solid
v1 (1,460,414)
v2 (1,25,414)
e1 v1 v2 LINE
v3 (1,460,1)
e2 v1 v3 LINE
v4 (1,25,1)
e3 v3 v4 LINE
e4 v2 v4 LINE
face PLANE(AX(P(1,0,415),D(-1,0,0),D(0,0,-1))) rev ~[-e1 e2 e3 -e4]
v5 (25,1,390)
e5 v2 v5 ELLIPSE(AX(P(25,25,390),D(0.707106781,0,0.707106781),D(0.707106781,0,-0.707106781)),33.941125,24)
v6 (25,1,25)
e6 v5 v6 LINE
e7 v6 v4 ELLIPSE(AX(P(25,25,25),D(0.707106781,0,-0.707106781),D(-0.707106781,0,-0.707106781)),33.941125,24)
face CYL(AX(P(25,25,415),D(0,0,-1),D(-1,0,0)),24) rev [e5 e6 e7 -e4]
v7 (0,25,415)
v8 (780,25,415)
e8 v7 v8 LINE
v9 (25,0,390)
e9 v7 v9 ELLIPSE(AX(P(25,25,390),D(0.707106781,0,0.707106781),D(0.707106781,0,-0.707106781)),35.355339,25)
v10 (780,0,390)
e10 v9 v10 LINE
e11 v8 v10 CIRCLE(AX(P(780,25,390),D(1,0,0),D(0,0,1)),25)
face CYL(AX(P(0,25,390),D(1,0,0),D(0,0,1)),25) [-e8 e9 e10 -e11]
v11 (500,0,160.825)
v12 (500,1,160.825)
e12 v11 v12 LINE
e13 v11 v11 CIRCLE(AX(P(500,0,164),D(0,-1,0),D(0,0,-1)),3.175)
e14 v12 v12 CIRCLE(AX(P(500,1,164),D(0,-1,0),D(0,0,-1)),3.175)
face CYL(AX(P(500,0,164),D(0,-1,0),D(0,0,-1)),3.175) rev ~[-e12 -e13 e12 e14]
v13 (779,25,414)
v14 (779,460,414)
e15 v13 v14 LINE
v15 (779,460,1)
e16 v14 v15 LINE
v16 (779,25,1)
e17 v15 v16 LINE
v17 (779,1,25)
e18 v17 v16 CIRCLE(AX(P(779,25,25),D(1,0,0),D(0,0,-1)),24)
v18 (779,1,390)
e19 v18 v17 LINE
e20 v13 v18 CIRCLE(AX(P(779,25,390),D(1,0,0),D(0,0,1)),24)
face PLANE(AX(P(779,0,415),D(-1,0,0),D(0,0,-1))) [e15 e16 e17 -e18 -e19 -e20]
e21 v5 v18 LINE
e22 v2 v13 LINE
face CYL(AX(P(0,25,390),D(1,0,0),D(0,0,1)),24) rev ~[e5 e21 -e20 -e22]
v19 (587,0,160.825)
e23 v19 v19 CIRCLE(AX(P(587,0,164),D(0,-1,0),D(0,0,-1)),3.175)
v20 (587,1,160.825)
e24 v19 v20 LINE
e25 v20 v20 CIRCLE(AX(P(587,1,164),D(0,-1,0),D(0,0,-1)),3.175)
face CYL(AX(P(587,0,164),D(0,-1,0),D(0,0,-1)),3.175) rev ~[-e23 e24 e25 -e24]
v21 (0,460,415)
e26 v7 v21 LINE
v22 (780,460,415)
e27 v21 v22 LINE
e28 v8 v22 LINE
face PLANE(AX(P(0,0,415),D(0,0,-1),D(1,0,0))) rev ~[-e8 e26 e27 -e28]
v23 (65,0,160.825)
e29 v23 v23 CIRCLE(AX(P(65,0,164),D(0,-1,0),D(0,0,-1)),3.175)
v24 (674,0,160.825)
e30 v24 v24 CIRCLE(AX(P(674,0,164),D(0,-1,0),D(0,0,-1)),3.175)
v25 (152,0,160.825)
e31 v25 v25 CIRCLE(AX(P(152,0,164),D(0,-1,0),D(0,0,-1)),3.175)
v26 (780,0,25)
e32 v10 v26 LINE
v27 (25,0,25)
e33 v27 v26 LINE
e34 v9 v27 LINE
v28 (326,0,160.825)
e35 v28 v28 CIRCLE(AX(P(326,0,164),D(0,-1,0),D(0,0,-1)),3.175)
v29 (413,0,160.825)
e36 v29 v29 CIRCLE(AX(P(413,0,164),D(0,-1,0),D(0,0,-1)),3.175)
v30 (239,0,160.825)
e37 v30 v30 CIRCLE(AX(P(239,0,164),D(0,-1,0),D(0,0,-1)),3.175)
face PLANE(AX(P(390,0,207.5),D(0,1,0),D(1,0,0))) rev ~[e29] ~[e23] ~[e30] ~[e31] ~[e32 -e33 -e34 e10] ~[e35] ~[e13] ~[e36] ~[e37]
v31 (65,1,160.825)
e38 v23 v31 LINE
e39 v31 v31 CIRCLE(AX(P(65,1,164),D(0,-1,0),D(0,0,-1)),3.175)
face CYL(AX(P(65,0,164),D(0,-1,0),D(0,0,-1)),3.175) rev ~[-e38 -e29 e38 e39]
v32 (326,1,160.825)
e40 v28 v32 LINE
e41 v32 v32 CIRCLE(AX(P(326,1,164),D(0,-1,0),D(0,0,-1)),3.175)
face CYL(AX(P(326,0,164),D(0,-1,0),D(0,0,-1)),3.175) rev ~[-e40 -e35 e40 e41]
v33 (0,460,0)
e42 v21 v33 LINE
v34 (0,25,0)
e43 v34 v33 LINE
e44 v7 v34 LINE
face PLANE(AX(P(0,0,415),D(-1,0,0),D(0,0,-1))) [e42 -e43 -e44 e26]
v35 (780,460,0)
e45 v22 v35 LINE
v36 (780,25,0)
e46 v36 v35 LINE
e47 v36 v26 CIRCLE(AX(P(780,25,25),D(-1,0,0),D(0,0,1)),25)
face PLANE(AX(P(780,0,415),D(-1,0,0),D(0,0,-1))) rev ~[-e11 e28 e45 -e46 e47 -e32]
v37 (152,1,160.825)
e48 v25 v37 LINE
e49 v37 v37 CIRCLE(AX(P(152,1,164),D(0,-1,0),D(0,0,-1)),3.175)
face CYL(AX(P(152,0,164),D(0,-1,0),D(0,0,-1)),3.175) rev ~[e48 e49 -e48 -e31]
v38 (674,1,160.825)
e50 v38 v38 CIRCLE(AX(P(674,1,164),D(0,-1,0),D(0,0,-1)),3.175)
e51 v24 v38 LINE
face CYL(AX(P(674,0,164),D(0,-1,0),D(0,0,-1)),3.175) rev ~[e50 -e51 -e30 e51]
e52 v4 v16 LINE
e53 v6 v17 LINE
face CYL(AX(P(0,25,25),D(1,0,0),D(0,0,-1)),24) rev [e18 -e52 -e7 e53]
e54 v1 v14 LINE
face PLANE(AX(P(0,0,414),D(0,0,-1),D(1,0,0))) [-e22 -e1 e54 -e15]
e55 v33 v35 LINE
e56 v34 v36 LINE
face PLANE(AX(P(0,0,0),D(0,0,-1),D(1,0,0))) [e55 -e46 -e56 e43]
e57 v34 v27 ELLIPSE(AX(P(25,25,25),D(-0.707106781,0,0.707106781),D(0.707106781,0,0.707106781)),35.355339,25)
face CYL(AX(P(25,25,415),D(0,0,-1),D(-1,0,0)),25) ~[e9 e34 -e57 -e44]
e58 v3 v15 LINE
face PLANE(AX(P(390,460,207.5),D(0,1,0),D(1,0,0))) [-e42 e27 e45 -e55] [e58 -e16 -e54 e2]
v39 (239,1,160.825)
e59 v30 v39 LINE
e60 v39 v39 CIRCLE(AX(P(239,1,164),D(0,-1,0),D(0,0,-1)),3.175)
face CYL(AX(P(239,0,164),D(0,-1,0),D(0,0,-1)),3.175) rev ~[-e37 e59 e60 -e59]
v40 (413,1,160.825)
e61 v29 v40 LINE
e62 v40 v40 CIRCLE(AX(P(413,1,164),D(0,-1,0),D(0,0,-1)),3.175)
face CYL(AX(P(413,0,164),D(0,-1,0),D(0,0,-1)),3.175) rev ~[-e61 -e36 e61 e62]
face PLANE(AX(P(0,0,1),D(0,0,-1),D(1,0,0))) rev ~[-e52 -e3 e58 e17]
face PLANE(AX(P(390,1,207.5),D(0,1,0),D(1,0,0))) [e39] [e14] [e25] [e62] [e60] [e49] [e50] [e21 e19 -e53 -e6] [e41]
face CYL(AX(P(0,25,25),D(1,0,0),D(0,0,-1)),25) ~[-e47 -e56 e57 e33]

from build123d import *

# Parameters (mm, degrees)
SKETCH1_W           = 780
SKETCH1_H           = 415
BOSS_EXTRUDE1_DEPTH = 460
FILLET1_R           = 25
SHELL1_T            = -1
CUT_EXTRUDE2_REACH  = 998.105
SKETCH2_R           = 3.175


with BuildPart() as part:
    # Sketch1 → Boss-Extrude1 (new body)
    with BuildSketch(Plane(origin=(0, 0, 0), x_dir=(1, 0, 0), z_dir=(0, 1, 0))):
        with Locations((390, -207.5)):
            Rectangle(SKETCH1_W, SKETCH1_H)
    extrude(amount=BOSS_EXTRUDE1_DEPTH)

    # Fillet1
    fillet1_edges = [part.edges().sort_by_distance(p)[0] for p in [
        (390, 0, 0),
        (390, 0, 415),
        (0, 0, 207.5),
    ]]
    fillet(fillet1_edges, radius=FILLET1_R)

    # Shell1
    shell1_openings = [part.faces().sort_by_distance(p)[0] for p in [
        (390, 460, 207.5),
    ]]
    offset(amount=SHELL1_T, openings=shell1_openings)

    # Sketch2 → Cut-Extrude2 (cut, up to next)
    with BuildSketch(Plane.XZ, mode=Mode.PRIVATE) as cut_extrude2_sk1:
        with Locations(Location((65, 164, 0), (0, 0, 270))):
            Circle(SKETCH2_R)
    cut_extrude2_tool1 = extrude(cut_extrude2_sk1.sketch, amount=-CUT_EXTRUDE2_REACH, mode=Mode.PRIVATE) & part.part
    # Sketch2 → Cut-Extrude2 (cut, up to next)
    with BuildSketch(Plane.XZ, mode=Mode.PRIVATE) as cut_extrude2_sk2:
        with Locations(Location((152, 164, 0), (0, 0, 270))):
            Circle(SKETCH2_R)
    cut_extrude2_tool2 = extrude(cut_extrude2_sk2.sketch, amount=-CUT_EXTRUDE2_REACH, mode=Mode.PRIVATE) & part.part
    # Sketch2 → Cut-Extrude2 (cut, up to next)
    with BuildSketch(Plane.XZ, mode=Mode.PRIVATE) as cut_extrude2_sk3:
        with Locations(Location((239, 164, 0), (0, 0, 270))):
            Circle(SKETCH2_R)
    cut_extrude2_tool3 = extrude(cut_extrude2_sk3.sketch, amount=-CUT_EXTRUDE2_REACH, mode=Mode.PRIVATE) & part.part
    # Sketch2 → Cut-Extrude2 (cut, up to next)
    with BuildSketch(Plane.XZ, mode=Mode.PRIVATE) as cut_extrude2_sk4:
        with Locations(Location((326, 164, 0), (0, 0, 270))):
            Circle(SKETCH2_R)
    cut_extrude2_tool4 = extrude(cut_extrude2_sk4.sketch, amount=-CUT_EXTRUDE2_REACH, mode=Mode.PRIVATE) & part.part
    # Sketch2 → Cut-Extrude2 (cut, up to next)
    with BuildSketch(Plane.XZ, mode=Mode.PRIVATE) as cut_extrude2_sk5:
        with Locations(Location((413, 164, 0), (0, 0, 270))):
            Circle(SKETCH2_R)
    cut_extrude2_tool5 = extrude(cut_extrude2_sk5.sketch, amount=-CUT_EXTRUDE2_REACH, mode=Mode.PRIVATE) & part.part
    # Sketch2 → Cut-Extrude2 (cut, up to next)
    with BuildSketch(Plane.XZ, mode=Mode.PRIVATE) as cut_extrude2_sk6:
        with Locations(Location((500, 164, 0), (0, 0, 270))):
            Circle(SKETCH2_R)
    cut_extrude2_tool6 = extrude(cut_extrude2_sk6.sketch, amount=-CUT_EXTRUDE2_REACH, mode=Mode.PRIVATE) & part.part
    # Sketch2 → Cut-Extrude2 (cut, up to next)
    with BuildSketch(Plane.XZ, mode=Mode.PRIVATE) as cut_extrude2_sk7:
        with Locations(Location((587, 164, 0), (0, 0, 270))):
            Circle(SKETCH2_R)
    cut_extrude2_tool7 = extrude(cut_extrude2_sk7.sketch, amount=-CUT_EXTRUDE2_REACH, mode=Mode.PRIVATE) & part.part
    # Sketch2 → Cut-Extrude2 (cut, up to next)
    with BuildSketch(Plane.XZ, mode=Mode.PRIVATE) as cut_extrude2_sk8:
        with Locations(Location((674, 164, 0), (0, 0, 270))):
            Circle(SKETCH2_R)
    cut_extrude2_tool8 = extrude(cut_extrude2_sk8.sketch, amount=-CUT_EXTRUDE2_REACH, mode=Mode.PRIVATE) & part.part
    add(cut_extrude2_tool1.solids().sort_by_distance((65, 0, 164))[0], mode=Mode.SUBTRACT)
    add(cut_extrude2_tool2.solids().sort_by_distance((152, 0, 164))[0], mode=Mode.SUBTRACT)
    add(cut_extrude2_tool3.solids().sort_by_distance((239, 0, 164))[0], mode=Mode.SUBTRACT)
    add(cut_extrude2_tool4.solids().sort_by_distance((326, 0, 164))[0], mode=Mode.SUBTRACT)
    add(cut_extrude2_tool5.solids().sort_by_distance((413, 0, 164))[0], mode=Mode.SUBTRACT)
    add(cut_extrude2_tool6.solids().sort_by_distance((500, 0, 164))[0], mode=Mode.SUBTRACT)
    add(cut_extrude2_tool7.solids().sort_by_distance((587, 0, 164))[0], mode=Mode.SUBTRACT)
    add(cut_extrude2_tool8.solids().sort_by_distance((674, 0, 164))[0], mode=Mode.SUBTRACT)


solid = part.part
